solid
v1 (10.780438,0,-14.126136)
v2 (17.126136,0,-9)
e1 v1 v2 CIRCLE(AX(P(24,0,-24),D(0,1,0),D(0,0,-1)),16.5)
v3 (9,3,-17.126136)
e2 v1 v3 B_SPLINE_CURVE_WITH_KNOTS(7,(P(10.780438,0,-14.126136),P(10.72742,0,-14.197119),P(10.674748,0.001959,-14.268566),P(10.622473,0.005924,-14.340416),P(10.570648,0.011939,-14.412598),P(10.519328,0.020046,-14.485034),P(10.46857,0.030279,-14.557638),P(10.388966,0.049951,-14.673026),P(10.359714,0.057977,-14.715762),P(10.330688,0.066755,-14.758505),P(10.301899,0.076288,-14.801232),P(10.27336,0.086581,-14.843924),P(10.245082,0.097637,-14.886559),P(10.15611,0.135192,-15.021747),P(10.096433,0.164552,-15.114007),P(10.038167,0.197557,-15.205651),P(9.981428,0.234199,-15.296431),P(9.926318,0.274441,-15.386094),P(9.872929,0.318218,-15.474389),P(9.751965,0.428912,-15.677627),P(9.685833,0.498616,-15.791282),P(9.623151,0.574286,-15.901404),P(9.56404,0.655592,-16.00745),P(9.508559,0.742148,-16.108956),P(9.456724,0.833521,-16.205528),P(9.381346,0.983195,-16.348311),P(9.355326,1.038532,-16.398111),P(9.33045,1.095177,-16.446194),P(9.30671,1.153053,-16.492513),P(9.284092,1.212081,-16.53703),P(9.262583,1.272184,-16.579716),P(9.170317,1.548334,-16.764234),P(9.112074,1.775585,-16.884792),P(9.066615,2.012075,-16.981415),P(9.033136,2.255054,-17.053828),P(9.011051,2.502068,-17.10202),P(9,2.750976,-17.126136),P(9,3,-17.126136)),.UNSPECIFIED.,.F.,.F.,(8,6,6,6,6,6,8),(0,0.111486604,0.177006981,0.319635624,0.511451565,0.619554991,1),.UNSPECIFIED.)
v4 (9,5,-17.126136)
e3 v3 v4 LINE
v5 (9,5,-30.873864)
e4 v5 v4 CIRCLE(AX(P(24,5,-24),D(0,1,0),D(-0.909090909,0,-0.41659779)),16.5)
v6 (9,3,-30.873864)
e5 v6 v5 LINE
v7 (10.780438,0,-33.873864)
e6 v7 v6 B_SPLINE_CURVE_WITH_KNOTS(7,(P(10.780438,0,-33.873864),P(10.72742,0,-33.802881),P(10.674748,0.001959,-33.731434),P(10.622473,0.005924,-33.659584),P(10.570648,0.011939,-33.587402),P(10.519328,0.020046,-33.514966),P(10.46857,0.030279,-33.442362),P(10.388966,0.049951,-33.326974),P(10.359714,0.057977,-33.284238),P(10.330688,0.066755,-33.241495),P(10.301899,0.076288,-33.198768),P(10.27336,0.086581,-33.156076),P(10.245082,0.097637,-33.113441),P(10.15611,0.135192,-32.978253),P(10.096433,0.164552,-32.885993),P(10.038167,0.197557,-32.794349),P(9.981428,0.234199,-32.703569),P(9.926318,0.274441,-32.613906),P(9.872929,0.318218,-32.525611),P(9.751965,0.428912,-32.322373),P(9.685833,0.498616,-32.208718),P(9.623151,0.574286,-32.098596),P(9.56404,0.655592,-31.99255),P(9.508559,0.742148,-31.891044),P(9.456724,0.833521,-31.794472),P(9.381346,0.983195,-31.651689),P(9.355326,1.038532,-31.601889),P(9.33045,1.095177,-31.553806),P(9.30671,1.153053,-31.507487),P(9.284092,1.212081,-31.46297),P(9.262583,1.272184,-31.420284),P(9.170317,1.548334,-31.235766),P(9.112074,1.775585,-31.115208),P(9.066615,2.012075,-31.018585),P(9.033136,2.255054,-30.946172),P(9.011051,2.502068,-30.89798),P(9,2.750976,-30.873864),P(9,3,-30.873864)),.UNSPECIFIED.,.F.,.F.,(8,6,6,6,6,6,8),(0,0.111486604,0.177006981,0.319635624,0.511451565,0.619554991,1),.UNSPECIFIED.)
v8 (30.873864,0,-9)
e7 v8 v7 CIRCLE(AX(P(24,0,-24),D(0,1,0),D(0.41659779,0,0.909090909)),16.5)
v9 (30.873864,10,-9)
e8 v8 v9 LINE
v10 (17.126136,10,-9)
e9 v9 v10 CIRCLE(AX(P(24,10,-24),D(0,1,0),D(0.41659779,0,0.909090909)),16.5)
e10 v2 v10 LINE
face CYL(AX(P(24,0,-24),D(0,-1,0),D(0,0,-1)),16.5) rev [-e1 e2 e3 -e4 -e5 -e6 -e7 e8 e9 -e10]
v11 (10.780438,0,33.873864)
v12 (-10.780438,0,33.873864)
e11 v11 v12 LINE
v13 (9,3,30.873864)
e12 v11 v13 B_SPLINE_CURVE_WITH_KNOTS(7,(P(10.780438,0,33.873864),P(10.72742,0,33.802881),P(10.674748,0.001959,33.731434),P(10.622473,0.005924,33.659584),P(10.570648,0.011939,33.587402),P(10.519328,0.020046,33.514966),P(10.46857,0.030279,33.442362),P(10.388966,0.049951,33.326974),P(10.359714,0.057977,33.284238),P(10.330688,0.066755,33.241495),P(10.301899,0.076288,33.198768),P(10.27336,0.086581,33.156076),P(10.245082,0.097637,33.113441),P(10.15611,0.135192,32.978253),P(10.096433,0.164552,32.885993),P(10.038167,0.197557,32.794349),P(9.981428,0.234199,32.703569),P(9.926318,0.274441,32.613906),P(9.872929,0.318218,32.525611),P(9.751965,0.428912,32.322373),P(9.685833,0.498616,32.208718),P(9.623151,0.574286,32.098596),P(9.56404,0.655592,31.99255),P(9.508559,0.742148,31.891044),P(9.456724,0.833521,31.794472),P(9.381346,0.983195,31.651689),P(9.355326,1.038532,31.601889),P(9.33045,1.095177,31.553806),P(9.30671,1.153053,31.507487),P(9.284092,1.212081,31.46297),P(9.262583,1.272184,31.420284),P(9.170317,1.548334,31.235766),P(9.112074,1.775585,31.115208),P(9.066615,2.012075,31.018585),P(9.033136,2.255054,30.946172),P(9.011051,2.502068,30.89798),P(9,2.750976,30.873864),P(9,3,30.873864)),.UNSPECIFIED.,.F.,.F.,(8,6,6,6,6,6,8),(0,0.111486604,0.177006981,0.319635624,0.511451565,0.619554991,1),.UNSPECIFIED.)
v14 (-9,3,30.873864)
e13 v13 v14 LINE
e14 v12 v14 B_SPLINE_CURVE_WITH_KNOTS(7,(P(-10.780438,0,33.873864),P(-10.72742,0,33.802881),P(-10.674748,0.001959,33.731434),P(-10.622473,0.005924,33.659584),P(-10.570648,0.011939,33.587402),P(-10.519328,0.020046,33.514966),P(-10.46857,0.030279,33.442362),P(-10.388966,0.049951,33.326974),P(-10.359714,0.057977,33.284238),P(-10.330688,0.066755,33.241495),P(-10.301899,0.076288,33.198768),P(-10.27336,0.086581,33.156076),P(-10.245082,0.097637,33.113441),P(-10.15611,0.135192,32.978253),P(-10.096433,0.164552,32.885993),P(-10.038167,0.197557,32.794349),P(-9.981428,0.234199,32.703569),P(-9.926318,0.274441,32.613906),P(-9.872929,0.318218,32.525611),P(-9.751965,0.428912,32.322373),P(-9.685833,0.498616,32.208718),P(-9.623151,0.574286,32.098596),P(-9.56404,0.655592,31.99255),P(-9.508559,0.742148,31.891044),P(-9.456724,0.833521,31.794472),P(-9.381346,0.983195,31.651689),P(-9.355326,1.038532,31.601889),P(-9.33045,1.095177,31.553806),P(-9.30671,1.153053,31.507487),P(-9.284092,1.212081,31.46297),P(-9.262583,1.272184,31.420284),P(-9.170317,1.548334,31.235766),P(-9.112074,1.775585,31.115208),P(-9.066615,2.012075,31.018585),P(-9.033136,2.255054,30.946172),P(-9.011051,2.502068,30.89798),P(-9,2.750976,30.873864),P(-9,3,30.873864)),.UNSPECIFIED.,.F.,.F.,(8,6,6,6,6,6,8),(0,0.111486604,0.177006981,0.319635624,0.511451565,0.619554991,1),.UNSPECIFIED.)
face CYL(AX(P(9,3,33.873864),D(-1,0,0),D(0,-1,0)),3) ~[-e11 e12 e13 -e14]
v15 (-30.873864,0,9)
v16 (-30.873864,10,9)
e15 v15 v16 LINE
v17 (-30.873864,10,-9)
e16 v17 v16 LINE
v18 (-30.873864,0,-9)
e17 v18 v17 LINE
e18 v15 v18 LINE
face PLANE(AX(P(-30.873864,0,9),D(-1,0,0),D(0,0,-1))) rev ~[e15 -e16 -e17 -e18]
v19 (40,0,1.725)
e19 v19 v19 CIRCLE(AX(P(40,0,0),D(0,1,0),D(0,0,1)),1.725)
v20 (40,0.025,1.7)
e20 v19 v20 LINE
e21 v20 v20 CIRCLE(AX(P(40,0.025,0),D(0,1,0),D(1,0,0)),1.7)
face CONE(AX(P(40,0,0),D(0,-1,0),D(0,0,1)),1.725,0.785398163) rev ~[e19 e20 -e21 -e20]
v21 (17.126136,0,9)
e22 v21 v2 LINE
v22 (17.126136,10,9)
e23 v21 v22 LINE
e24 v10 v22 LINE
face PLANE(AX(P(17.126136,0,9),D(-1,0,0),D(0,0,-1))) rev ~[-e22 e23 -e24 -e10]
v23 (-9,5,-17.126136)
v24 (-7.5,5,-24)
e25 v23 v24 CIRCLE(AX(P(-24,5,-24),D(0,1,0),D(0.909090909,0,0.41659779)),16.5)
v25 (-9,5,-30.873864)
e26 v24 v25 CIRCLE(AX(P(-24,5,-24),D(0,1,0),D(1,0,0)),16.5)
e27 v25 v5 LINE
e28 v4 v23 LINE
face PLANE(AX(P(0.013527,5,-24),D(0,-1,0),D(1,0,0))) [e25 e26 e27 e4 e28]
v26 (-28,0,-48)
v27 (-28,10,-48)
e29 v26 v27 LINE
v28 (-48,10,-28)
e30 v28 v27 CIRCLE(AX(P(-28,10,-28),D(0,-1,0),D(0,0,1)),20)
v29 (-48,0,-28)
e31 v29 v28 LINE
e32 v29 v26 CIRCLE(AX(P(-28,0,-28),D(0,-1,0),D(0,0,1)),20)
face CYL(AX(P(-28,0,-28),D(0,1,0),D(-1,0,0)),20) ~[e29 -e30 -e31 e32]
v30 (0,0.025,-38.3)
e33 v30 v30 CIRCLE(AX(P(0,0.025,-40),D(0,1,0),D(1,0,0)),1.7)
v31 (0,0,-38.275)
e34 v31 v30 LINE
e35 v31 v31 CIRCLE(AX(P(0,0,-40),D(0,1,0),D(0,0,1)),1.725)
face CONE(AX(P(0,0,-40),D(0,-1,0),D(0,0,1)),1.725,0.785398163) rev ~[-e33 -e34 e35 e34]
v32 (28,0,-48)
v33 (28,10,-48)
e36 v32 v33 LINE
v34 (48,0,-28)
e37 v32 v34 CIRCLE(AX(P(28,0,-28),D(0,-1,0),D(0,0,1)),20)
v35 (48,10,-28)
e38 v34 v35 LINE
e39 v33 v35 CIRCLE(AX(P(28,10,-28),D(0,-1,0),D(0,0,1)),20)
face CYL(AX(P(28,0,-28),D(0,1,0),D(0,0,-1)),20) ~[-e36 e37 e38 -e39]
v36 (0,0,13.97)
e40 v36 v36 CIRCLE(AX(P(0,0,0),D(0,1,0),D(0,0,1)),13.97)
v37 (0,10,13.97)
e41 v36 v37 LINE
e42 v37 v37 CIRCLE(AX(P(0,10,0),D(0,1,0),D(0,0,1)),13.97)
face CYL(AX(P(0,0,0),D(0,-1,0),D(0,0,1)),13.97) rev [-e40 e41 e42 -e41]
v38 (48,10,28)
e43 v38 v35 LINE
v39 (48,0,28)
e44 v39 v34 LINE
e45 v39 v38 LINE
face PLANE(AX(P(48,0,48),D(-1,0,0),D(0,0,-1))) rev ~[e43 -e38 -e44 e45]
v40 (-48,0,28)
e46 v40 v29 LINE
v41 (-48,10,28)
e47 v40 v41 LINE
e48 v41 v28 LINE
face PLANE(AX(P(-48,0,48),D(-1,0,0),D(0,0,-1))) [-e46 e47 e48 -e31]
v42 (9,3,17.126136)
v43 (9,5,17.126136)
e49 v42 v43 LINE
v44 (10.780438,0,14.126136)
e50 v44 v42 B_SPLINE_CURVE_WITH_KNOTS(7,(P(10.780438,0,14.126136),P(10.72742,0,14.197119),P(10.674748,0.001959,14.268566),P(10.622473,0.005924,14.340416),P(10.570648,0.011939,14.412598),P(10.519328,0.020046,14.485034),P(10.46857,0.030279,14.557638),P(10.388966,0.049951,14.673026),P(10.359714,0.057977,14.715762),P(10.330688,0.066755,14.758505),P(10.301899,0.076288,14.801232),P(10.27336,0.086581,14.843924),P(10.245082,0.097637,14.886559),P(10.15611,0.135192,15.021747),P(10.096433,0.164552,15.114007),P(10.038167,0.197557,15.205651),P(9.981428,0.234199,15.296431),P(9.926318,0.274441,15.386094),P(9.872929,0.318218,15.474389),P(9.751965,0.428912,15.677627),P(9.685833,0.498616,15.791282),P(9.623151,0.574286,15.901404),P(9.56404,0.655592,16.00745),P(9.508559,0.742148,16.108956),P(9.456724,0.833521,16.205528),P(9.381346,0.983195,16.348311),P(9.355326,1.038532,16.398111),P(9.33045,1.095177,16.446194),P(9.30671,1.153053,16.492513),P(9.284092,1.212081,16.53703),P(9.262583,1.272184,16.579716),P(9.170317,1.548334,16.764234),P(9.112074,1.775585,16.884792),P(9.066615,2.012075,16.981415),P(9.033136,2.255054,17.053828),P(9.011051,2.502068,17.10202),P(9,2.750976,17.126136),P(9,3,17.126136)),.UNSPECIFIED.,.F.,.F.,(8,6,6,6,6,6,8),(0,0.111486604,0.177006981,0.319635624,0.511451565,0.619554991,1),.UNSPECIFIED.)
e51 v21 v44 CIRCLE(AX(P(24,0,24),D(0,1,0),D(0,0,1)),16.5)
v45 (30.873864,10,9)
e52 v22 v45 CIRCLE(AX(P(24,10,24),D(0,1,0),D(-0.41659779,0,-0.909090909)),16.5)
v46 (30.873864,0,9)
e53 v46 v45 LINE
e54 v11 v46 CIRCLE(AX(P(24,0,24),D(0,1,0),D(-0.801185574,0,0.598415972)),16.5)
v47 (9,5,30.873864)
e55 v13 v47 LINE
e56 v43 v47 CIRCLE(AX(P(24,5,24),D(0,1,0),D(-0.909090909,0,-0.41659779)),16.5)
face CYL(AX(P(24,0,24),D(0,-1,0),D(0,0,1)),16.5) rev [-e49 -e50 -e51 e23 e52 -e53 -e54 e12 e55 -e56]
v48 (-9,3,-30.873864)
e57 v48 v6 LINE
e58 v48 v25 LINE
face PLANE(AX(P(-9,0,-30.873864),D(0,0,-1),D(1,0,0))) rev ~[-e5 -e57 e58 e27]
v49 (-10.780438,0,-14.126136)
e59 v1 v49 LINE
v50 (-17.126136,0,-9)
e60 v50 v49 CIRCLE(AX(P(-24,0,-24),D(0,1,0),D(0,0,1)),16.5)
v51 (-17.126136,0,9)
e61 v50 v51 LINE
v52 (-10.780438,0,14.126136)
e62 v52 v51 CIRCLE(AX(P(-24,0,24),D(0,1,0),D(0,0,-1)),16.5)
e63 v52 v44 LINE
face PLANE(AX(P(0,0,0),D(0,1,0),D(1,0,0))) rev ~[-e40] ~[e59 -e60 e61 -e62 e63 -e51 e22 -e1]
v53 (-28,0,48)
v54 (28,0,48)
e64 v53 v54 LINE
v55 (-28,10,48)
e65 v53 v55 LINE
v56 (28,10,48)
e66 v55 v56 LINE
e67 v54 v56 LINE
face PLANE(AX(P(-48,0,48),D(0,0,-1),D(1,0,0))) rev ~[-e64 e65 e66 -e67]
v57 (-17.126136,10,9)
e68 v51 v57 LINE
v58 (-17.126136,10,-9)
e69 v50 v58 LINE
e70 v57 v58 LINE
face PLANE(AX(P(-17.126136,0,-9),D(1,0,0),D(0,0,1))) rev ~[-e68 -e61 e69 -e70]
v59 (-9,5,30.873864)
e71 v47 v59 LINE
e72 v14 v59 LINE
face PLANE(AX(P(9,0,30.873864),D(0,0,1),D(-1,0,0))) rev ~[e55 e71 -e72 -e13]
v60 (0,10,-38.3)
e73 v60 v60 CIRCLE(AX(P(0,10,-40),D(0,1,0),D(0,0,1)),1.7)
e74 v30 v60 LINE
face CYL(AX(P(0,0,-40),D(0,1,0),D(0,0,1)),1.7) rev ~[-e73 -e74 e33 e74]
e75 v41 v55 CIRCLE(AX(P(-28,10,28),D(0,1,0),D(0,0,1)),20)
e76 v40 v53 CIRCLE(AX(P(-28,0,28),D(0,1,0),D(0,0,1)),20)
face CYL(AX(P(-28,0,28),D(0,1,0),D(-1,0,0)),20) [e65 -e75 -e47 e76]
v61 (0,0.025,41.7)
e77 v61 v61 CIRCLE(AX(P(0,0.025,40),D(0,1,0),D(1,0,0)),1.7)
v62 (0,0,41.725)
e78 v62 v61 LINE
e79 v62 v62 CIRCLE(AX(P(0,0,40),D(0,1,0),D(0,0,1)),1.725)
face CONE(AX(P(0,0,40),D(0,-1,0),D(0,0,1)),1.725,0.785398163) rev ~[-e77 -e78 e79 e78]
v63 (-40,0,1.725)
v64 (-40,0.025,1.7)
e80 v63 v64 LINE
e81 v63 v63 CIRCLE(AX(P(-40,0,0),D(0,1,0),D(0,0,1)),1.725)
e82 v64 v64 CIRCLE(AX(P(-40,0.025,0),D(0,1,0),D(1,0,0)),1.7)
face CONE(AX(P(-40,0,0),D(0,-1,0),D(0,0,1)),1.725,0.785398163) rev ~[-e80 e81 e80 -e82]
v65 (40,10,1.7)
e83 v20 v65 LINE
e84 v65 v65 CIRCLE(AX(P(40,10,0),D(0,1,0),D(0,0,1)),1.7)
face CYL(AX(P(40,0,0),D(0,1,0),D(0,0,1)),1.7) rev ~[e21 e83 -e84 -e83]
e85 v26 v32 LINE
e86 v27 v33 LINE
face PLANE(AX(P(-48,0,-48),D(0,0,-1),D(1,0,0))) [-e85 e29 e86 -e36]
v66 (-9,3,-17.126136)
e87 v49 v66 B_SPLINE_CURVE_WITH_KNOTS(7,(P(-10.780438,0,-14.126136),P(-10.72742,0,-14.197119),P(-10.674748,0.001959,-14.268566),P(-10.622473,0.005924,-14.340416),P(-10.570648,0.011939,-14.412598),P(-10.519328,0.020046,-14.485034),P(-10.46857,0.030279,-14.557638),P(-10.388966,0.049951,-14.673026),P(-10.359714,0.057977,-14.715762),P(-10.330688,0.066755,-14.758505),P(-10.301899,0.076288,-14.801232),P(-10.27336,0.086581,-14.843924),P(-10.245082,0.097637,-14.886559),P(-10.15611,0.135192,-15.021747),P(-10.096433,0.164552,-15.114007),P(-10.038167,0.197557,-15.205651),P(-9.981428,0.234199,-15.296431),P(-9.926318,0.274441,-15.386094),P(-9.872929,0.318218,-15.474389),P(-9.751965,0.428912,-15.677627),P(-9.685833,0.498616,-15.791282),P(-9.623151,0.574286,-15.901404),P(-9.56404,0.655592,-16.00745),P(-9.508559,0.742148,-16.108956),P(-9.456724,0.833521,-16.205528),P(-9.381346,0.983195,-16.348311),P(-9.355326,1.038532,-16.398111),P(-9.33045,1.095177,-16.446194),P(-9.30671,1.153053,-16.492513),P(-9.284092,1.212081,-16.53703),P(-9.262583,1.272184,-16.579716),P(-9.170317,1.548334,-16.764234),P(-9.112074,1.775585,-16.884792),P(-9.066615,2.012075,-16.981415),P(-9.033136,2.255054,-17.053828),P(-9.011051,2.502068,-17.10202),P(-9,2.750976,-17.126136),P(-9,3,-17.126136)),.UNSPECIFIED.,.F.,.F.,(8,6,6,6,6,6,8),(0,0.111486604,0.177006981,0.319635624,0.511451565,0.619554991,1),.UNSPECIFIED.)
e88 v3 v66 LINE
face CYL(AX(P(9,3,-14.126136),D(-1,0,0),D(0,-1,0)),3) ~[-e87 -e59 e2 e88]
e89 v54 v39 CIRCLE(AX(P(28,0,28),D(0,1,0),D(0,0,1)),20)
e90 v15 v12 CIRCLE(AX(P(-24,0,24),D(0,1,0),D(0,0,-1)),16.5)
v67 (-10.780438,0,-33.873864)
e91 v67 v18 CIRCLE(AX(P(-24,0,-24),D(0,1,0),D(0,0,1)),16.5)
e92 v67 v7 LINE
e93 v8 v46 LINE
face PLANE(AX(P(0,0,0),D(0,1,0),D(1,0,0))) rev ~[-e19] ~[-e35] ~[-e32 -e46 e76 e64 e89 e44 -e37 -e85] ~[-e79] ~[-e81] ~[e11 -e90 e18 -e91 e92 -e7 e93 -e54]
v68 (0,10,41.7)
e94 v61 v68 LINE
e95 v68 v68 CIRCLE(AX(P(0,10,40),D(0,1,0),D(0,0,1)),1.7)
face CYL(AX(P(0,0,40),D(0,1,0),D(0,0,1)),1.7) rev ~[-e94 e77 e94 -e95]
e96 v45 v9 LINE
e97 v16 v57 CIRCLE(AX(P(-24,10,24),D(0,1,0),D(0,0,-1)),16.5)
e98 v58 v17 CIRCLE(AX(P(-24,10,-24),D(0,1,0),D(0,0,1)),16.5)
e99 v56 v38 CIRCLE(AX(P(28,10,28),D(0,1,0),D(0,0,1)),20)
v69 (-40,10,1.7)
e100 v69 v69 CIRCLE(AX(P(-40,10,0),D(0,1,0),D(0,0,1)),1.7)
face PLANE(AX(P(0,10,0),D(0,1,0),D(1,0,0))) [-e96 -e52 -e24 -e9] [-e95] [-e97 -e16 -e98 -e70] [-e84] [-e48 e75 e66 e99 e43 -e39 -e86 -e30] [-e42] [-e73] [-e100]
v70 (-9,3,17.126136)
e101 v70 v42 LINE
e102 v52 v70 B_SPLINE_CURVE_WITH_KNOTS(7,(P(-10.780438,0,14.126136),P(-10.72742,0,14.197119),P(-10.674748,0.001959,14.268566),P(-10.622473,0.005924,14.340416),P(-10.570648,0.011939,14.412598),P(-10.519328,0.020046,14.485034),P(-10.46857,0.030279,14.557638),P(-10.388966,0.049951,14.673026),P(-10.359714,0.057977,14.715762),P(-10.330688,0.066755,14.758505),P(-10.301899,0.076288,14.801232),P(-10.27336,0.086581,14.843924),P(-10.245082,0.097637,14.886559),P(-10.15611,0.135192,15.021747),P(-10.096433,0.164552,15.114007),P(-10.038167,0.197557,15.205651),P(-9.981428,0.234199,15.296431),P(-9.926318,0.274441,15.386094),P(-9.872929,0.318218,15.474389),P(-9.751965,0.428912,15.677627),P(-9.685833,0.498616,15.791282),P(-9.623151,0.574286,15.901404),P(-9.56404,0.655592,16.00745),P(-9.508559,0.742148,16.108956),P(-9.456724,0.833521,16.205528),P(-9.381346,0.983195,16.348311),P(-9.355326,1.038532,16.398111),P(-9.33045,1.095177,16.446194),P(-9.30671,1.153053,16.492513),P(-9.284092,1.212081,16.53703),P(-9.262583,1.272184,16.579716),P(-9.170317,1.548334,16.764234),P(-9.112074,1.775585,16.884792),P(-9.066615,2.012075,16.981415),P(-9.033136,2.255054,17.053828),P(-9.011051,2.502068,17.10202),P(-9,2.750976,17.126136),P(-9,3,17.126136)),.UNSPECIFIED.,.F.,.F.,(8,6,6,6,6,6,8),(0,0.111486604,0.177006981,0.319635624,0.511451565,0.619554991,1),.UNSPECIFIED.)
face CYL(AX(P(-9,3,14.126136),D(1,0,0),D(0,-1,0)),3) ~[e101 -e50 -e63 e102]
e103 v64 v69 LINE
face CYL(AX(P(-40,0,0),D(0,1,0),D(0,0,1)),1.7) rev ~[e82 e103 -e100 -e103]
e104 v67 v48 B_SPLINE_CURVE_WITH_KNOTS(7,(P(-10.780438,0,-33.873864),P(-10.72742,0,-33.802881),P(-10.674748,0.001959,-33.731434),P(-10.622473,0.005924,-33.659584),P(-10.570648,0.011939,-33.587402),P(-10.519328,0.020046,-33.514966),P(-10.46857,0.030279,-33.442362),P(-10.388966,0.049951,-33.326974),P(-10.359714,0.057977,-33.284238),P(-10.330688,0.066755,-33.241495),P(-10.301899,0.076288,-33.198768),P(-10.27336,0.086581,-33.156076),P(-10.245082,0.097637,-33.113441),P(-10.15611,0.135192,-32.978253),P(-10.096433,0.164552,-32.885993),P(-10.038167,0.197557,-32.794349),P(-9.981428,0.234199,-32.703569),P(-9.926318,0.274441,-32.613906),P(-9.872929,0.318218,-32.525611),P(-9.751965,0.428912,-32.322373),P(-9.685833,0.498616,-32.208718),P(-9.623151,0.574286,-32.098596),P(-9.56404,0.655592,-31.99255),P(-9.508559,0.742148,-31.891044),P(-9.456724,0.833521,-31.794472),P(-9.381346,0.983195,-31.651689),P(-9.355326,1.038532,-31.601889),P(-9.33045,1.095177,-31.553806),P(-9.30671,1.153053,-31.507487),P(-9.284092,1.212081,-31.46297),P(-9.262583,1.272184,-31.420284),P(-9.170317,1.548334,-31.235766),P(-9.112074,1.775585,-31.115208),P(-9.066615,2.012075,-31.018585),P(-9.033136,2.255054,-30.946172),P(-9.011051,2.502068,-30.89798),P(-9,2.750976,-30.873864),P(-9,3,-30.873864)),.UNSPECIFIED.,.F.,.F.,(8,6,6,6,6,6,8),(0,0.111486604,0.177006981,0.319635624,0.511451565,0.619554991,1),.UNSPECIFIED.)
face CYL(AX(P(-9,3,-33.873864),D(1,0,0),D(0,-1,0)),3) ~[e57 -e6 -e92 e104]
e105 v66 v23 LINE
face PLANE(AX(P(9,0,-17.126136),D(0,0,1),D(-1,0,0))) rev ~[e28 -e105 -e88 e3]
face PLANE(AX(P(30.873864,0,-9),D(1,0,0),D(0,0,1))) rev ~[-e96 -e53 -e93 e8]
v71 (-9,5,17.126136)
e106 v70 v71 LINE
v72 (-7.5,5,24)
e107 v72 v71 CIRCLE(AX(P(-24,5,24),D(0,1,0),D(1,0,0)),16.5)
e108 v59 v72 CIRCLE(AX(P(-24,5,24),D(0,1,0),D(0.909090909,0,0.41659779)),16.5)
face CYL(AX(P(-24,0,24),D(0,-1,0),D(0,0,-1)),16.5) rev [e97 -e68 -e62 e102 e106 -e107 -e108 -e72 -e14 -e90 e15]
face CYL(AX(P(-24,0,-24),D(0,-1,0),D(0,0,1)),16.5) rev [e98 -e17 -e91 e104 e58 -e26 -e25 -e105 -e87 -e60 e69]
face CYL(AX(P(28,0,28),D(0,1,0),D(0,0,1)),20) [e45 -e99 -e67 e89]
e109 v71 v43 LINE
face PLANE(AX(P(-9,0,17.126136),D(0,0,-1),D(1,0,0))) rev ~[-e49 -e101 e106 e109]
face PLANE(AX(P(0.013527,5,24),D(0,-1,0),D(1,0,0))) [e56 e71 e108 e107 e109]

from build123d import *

# Parameters (mm, degrees)
SKETCH1_W                      = 96
SKETCH1_H                      = 96
SKETCH1_R                      = 16.5
SKETCH1_R_2                    = 13.97
BOSS_EXTRUDE1_DEPTH            = 10
FILLET1_R                      = 20
M3_CLEARANCE_HOLE1_D           = 3.4
M3_CLEARANCE_HOLE1_CSINK_D     = 3.45
M3_CLEARANCE_HOLE1_CSINK_ANGLE = 90
CUT_EXTRUDE1_DEPTH             = 5
FILLET2_R                      = 3
CUT_EXTRUDE2_DEPTH             = 69.614867208


with BuildPart() as part:
    # Sketch1 → Boss-Extrude1 (new body)
    with BuildSketch(Plane(origin=(0, 0, 0), x_dir=(1, 0, 0), z_dir=(0, 1, 0))):
        Rectangle(SKETCH1_W, SKETCH1_H)
        with Locations((-24, 24)):
            Circle(SKETCH1_R, mode=Mode.SUBTRACT)
        with Locations((24, 24)):
            Circle(SKETCH1_R, mode=Mode.SUBTRACT)
        with Locations((24, -24)):
            Circle(SKETCH1_R, mode=Mode.SUBTRACT)
        with Locations((-24, -24)):
            Circle(SKETCH1_R, mode=Mode.SUBTRACT)
        Circle(SKETCH1_R_2, mode=Mode.SUBTRACT)
    extrude(amount=BOSS_EXTRUDE1_DEPTH)

    # Fillet1
    fillet1_edges = [part.edges().sort_by_distance(p)[0] for p in [
        (-48, 5, -48),
        (48, 5, -48),
        (48, 5, 48),
        (-48, 5, 48),
    ]]
    fillet(fillet1_edges, radius=FILLET1_R)

    # M3 Clearance Hole1 (through all)
    with Locations(Plane(origin=(-40, 0, 0), x_dir=(0, 0, -1), z_dir=(0, -1, 0))):
        with Locations((0, 0), (-40, 40), (0, 80), (40, 40)):
            CounterSinkHole(M3_CLEARANCE_HOLE1_D / 2, M3_CLEARANCE_HOLE1_CSINK_D / 2, counter_sink_angle=M3_CLEARANCE_HOLE1_CSINK_ANGLE)

    # Sketch7 → Cut-Extrude1 (cut)
    with BuildSketch(Plane.XZ):
        with BuildLine():
            Line((-9, 17.126136458), (9, 17.126136458))
            ThreePointArc((9, 17.126136458), (7.5, 24), (9, 30.873863542))
            Line((9, 30.873863542), (-9, 30.873863542))
            ThreePointArc((-9, 30.873863542), (-7.5, 24), (-9, 17.126136458))
        make_face()
        with BuildLine():
            ThreePointArc((9, -30.873863542), (7.5, -24), (9, -17.126136458))
            Line((9, -17.126136458), (-9, -17.126136458))
            ThreePointArc((-9, -17.126136458), (-7.5, -24), (-9, -30.873863542))
            Line((-9, -30.873863542), (9, -30.873863542))
        make_face()
    extrude(amount=-CUT_EXTRUDE1_DEPTH, mode=Mode.SUBTRACT)

    # Fillet2
    fillet2_edges = [part.edges().sort_by_distance(p)[0] for p in [
        (0, 0, -30.873863542),
        (0, 0, -17.126136458),
        (0, 0, 30.873863542),
        (0, 0, 17.126136458),
    ]]
    fillet(fillet2_edges, radius=FILLET2_R)

    # Sketch7<3> → Cut-Extrude2 (cut, through all)
    with BuildSketch(Plane.XZ):
        with BuildLine():
            Line((30.873863542, -9), (30.873863542, 9))
            ThreePointArc((30.873863542, 9), (24, 7.5), (17.126136458, 9))
            Line((17.126136458, 9), (17.126136458, -9))
            ThreePointArc((17.126136458, -9), (24, -7.5), (30.873863542, -9))
        make_face()
        with BuildLine():
            Line((-17.126136458, -9), (-17.126136458, 9))
            ThreePointArc((-17.126136458, 9), (-24, 7.5), (-30.873863542, 9))
            Line((-30.873863542, 9), (-30.873863542, -9))
            ThreePointArc((-30.873863542, -9), (-24, -7.5), (-17.126136458, -9))
        make_face()
    extrude(amount=-CUT_EXTRUDE2_DEPTH, mode=Mode.SUBTRACT)


solid = part.part
